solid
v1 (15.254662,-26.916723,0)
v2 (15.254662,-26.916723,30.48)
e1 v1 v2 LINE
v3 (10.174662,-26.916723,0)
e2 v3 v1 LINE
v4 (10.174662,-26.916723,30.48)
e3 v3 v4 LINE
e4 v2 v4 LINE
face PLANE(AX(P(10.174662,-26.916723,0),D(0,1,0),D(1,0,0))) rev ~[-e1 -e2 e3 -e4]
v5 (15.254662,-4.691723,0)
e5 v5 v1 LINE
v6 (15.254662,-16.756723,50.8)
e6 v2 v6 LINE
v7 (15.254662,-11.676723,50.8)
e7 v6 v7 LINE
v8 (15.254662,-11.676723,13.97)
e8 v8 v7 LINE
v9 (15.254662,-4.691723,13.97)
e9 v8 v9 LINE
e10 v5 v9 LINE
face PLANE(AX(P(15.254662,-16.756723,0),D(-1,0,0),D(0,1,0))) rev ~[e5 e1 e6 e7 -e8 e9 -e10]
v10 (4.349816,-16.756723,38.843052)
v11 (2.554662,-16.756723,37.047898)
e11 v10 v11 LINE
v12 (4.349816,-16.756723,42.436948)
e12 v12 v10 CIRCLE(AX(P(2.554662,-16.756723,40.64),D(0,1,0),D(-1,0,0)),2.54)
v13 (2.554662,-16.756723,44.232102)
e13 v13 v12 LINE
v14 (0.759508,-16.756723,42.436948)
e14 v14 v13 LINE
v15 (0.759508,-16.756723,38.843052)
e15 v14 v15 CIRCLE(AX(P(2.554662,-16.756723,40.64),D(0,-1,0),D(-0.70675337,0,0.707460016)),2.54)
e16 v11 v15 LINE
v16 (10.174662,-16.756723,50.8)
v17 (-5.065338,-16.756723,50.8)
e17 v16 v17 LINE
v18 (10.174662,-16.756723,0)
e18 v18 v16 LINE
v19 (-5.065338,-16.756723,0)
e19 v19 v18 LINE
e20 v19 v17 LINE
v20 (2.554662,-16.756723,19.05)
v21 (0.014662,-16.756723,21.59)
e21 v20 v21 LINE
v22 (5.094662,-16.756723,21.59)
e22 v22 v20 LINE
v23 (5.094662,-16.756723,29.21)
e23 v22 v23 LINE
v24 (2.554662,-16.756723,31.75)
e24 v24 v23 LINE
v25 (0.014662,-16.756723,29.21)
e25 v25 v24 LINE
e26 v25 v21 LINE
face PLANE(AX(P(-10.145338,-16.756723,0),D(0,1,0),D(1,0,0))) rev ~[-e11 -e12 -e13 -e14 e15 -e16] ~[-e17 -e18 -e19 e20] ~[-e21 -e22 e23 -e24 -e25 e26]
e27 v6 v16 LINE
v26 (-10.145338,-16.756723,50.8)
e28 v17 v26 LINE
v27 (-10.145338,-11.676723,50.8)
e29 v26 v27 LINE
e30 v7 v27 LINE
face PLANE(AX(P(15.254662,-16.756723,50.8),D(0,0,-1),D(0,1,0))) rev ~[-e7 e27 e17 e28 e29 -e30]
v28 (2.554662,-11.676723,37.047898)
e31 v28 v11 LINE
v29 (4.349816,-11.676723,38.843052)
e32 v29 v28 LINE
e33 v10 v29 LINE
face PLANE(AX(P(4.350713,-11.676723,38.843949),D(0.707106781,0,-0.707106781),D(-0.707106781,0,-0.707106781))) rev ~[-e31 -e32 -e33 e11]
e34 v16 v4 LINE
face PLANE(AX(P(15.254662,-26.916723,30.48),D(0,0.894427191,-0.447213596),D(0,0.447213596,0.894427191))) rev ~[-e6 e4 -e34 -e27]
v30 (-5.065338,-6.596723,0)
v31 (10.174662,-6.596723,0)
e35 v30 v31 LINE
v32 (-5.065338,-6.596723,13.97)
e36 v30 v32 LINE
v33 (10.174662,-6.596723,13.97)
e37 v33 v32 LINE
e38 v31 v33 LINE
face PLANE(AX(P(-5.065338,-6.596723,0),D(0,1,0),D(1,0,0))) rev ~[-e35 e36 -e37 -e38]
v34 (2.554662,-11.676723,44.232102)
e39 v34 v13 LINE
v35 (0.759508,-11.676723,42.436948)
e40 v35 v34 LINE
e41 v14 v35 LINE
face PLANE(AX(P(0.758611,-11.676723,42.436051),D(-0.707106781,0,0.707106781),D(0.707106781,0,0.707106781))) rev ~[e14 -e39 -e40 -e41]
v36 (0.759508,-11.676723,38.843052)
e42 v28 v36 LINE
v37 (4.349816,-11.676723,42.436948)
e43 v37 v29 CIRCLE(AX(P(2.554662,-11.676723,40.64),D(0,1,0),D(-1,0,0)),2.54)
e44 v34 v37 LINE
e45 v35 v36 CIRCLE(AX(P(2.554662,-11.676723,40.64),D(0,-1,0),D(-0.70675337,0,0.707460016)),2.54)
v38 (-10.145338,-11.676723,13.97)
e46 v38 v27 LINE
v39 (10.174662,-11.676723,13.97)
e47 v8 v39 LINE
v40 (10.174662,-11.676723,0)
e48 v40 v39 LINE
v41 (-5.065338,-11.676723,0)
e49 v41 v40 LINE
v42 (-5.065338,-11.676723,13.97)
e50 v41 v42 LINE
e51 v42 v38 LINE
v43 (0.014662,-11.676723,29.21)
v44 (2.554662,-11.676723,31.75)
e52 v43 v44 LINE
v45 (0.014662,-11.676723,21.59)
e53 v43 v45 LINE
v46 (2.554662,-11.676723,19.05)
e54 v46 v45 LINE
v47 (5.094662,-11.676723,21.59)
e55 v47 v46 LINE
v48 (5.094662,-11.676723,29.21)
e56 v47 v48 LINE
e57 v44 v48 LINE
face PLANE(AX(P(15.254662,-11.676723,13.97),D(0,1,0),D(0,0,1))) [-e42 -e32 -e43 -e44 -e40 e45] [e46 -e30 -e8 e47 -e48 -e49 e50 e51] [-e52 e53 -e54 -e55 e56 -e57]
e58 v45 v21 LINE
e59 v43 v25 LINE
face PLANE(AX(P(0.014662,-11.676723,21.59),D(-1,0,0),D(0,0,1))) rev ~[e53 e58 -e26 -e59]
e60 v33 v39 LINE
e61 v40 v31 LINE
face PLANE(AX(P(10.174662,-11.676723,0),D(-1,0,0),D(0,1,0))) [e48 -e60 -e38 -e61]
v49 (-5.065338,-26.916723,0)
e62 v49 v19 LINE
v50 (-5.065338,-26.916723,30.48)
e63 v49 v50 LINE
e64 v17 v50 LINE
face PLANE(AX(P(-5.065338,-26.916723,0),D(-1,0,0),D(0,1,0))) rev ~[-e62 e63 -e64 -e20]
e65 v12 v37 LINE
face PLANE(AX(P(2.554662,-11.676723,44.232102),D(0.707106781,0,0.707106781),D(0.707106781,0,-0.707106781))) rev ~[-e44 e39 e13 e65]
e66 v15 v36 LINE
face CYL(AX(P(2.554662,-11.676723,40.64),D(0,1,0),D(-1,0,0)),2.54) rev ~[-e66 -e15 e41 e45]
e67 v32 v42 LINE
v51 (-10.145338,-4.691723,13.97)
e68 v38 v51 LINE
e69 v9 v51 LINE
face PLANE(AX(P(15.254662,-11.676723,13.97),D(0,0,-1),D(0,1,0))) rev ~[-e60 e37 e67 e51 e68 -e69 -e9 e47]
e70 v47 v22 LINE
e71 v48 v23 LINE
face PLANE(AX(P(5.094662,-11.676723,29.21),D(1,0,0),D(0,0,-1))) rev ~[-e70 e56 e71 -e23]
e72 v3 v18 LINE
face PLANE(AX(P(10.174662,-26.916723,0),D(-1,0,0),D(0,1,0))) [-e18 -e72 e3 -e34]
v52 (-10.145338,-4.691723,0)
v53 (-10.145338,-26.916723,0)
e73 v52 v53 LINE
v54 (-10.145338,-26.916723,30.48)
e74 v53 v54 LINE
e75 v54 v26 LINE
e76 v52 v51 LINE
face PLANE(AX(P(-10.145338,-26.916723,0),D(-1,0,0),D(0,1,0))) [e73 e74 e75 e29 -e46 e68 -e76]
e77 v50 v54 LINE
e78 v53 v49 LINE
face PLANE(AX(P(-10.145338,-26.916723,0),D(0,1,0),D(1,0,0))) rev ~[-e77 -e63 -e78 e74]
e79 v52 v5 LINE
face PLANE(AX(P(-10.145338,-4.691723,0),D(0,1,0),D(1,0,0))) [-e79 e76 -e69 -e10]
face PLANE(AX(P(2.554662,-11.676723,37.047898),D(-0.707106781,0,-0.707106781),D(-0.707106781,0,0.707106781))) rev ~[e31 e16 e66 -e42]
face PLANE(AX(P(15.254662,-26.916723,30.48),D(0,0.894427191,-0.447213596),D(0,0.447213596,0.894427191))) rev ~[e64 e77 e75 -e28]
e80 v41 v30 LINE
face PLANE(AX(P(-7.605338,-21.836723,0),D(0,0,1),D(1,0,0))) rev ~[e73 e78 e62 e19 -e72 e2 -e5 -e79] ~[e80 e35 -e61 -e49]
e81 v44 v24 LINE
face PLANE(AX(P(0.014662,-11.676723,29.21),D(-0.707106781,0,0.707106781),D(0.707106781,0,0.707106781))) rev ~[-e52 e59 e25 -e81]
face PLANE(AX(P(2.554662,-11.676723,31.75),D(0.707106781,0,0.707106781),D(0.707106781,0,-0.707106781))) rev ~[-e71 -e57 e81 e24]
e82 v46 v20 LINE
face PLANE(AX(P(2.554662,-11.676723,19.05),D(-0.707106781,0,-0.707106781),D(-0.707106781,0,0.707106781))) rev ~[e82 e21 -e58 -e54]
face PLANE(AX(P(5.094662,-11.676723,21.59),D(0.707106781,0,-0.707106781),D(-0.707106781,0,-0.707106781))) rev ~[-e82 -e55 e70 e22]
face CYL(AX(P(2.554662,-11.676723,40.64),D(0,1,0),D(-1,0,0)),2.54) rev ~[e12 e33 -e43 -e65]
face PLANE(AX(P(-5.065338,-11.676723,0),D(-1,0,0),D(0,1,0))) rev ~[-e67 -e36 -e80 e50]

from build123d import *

# Parameters (mm, degrees)
F0_W      = 25.4
F0_H      = 12.065
F0_W_2    = 15.24
F0_H_2    = 5.08
F1_DEPTH  = 101.6
F6_W      = 5.08
F6_H      = 10.16
F2_DEPTH  = 101.6
F3_W      = 6.985
F3_H      = 87.63
F7_DEPTH  = 25.4
F8_DEPTH  = 25.4
F9_R      = 2.54
F5_DEPTH  = 5.08
F11_DEPTH = 5.08


with BuildPart() as f1:
    # F0 (on Top) → F1 (new body)
    with BuildSketch(Plane.XY):
        with Locations((2.554662, -10.724223)):
            Rectangle(F0_W, F0_H)
        with Locations((2.554662, -9.136723)):
            Rectangle(F0_W_2, F0_H_2, mode=Mode.SUBTRACT)
    extrude(amount=F1_DEPTH)

    # F6 (on Top) → F2 (join, through all)
    with BuildSketch(Plane.XY):
        with Locations((-7.605338, -21.836723)):
            Rectangle(F6_W, F6_H)
        with Locations((12.714662, -21.836723)):
            Rectangle(F6_W, F6_H)
    extrude(amount=F2_DEPTH)

    # F3 (on face) → F7 (cut, through all)
    with BuildSketch(Plane.YZ.offset(15.254662)):
        with Locations((-8.184223, 57.785)):
            Rectangle(F3_W, F3_H)
    extrude(amount=-F7_DEPTH, mode=Mode.SUBTRACT)

    # F4 (on face) → F8 (cut, through all)
    with BuildSketch(Plane.YZ.offset(15.254662)):
        Polygon((-11.676723, 101.6), (-26.916723, 101.6), (-26.916723, 30.48), (-16.756723, 50.8), (-11.676723, 50.8), align=None)
    extrude(amount=-F8_DEPTH, mode=Mode.SUBTRACT)

    # F9 (on face) → F5 (cut, through all)
    with BuildSketch(Plane(origin=(0, -11.676723, 0), x_dir=(-1, 0, 0), z_dir=(0, 1, 0))):
        with Locations((-2.554662, 40.64)):
            Circle(F9_R)
        with Locations((-2.554662, 25.4)):
            Circle(F9_R)
    extrude(amount=-F5_DEPTH, mode=Mode.SUBTRACT)

    # F10 (on face) → F11 (cut, through all)
    with BuildSketch(Plane(origin=(0, -11.676723, 0), x_dir=(-1, 0, 0), z_dir=(0, 1, 0))):
        Polygon((-0.014662, 21.59), (-0.014662, 29.21), (-2.554662, 31.75), (-5.094662, 29.21), (-5.094662, 21.59), (-2.554662, 19.05), align=None)
        Polygon((-2.554662, 44.232102), (-4.350713, 42.436051), (-0.758611, 42.436051), align=None)
        Polygon((-0.758611, 38.843949), (-4.350713, 38.843949), (-2.554662, 37.047898), align=None)
    extrude(amount=-F11_DEPTH, mode=Mode.SUBTRACT)


solid = f1.part
